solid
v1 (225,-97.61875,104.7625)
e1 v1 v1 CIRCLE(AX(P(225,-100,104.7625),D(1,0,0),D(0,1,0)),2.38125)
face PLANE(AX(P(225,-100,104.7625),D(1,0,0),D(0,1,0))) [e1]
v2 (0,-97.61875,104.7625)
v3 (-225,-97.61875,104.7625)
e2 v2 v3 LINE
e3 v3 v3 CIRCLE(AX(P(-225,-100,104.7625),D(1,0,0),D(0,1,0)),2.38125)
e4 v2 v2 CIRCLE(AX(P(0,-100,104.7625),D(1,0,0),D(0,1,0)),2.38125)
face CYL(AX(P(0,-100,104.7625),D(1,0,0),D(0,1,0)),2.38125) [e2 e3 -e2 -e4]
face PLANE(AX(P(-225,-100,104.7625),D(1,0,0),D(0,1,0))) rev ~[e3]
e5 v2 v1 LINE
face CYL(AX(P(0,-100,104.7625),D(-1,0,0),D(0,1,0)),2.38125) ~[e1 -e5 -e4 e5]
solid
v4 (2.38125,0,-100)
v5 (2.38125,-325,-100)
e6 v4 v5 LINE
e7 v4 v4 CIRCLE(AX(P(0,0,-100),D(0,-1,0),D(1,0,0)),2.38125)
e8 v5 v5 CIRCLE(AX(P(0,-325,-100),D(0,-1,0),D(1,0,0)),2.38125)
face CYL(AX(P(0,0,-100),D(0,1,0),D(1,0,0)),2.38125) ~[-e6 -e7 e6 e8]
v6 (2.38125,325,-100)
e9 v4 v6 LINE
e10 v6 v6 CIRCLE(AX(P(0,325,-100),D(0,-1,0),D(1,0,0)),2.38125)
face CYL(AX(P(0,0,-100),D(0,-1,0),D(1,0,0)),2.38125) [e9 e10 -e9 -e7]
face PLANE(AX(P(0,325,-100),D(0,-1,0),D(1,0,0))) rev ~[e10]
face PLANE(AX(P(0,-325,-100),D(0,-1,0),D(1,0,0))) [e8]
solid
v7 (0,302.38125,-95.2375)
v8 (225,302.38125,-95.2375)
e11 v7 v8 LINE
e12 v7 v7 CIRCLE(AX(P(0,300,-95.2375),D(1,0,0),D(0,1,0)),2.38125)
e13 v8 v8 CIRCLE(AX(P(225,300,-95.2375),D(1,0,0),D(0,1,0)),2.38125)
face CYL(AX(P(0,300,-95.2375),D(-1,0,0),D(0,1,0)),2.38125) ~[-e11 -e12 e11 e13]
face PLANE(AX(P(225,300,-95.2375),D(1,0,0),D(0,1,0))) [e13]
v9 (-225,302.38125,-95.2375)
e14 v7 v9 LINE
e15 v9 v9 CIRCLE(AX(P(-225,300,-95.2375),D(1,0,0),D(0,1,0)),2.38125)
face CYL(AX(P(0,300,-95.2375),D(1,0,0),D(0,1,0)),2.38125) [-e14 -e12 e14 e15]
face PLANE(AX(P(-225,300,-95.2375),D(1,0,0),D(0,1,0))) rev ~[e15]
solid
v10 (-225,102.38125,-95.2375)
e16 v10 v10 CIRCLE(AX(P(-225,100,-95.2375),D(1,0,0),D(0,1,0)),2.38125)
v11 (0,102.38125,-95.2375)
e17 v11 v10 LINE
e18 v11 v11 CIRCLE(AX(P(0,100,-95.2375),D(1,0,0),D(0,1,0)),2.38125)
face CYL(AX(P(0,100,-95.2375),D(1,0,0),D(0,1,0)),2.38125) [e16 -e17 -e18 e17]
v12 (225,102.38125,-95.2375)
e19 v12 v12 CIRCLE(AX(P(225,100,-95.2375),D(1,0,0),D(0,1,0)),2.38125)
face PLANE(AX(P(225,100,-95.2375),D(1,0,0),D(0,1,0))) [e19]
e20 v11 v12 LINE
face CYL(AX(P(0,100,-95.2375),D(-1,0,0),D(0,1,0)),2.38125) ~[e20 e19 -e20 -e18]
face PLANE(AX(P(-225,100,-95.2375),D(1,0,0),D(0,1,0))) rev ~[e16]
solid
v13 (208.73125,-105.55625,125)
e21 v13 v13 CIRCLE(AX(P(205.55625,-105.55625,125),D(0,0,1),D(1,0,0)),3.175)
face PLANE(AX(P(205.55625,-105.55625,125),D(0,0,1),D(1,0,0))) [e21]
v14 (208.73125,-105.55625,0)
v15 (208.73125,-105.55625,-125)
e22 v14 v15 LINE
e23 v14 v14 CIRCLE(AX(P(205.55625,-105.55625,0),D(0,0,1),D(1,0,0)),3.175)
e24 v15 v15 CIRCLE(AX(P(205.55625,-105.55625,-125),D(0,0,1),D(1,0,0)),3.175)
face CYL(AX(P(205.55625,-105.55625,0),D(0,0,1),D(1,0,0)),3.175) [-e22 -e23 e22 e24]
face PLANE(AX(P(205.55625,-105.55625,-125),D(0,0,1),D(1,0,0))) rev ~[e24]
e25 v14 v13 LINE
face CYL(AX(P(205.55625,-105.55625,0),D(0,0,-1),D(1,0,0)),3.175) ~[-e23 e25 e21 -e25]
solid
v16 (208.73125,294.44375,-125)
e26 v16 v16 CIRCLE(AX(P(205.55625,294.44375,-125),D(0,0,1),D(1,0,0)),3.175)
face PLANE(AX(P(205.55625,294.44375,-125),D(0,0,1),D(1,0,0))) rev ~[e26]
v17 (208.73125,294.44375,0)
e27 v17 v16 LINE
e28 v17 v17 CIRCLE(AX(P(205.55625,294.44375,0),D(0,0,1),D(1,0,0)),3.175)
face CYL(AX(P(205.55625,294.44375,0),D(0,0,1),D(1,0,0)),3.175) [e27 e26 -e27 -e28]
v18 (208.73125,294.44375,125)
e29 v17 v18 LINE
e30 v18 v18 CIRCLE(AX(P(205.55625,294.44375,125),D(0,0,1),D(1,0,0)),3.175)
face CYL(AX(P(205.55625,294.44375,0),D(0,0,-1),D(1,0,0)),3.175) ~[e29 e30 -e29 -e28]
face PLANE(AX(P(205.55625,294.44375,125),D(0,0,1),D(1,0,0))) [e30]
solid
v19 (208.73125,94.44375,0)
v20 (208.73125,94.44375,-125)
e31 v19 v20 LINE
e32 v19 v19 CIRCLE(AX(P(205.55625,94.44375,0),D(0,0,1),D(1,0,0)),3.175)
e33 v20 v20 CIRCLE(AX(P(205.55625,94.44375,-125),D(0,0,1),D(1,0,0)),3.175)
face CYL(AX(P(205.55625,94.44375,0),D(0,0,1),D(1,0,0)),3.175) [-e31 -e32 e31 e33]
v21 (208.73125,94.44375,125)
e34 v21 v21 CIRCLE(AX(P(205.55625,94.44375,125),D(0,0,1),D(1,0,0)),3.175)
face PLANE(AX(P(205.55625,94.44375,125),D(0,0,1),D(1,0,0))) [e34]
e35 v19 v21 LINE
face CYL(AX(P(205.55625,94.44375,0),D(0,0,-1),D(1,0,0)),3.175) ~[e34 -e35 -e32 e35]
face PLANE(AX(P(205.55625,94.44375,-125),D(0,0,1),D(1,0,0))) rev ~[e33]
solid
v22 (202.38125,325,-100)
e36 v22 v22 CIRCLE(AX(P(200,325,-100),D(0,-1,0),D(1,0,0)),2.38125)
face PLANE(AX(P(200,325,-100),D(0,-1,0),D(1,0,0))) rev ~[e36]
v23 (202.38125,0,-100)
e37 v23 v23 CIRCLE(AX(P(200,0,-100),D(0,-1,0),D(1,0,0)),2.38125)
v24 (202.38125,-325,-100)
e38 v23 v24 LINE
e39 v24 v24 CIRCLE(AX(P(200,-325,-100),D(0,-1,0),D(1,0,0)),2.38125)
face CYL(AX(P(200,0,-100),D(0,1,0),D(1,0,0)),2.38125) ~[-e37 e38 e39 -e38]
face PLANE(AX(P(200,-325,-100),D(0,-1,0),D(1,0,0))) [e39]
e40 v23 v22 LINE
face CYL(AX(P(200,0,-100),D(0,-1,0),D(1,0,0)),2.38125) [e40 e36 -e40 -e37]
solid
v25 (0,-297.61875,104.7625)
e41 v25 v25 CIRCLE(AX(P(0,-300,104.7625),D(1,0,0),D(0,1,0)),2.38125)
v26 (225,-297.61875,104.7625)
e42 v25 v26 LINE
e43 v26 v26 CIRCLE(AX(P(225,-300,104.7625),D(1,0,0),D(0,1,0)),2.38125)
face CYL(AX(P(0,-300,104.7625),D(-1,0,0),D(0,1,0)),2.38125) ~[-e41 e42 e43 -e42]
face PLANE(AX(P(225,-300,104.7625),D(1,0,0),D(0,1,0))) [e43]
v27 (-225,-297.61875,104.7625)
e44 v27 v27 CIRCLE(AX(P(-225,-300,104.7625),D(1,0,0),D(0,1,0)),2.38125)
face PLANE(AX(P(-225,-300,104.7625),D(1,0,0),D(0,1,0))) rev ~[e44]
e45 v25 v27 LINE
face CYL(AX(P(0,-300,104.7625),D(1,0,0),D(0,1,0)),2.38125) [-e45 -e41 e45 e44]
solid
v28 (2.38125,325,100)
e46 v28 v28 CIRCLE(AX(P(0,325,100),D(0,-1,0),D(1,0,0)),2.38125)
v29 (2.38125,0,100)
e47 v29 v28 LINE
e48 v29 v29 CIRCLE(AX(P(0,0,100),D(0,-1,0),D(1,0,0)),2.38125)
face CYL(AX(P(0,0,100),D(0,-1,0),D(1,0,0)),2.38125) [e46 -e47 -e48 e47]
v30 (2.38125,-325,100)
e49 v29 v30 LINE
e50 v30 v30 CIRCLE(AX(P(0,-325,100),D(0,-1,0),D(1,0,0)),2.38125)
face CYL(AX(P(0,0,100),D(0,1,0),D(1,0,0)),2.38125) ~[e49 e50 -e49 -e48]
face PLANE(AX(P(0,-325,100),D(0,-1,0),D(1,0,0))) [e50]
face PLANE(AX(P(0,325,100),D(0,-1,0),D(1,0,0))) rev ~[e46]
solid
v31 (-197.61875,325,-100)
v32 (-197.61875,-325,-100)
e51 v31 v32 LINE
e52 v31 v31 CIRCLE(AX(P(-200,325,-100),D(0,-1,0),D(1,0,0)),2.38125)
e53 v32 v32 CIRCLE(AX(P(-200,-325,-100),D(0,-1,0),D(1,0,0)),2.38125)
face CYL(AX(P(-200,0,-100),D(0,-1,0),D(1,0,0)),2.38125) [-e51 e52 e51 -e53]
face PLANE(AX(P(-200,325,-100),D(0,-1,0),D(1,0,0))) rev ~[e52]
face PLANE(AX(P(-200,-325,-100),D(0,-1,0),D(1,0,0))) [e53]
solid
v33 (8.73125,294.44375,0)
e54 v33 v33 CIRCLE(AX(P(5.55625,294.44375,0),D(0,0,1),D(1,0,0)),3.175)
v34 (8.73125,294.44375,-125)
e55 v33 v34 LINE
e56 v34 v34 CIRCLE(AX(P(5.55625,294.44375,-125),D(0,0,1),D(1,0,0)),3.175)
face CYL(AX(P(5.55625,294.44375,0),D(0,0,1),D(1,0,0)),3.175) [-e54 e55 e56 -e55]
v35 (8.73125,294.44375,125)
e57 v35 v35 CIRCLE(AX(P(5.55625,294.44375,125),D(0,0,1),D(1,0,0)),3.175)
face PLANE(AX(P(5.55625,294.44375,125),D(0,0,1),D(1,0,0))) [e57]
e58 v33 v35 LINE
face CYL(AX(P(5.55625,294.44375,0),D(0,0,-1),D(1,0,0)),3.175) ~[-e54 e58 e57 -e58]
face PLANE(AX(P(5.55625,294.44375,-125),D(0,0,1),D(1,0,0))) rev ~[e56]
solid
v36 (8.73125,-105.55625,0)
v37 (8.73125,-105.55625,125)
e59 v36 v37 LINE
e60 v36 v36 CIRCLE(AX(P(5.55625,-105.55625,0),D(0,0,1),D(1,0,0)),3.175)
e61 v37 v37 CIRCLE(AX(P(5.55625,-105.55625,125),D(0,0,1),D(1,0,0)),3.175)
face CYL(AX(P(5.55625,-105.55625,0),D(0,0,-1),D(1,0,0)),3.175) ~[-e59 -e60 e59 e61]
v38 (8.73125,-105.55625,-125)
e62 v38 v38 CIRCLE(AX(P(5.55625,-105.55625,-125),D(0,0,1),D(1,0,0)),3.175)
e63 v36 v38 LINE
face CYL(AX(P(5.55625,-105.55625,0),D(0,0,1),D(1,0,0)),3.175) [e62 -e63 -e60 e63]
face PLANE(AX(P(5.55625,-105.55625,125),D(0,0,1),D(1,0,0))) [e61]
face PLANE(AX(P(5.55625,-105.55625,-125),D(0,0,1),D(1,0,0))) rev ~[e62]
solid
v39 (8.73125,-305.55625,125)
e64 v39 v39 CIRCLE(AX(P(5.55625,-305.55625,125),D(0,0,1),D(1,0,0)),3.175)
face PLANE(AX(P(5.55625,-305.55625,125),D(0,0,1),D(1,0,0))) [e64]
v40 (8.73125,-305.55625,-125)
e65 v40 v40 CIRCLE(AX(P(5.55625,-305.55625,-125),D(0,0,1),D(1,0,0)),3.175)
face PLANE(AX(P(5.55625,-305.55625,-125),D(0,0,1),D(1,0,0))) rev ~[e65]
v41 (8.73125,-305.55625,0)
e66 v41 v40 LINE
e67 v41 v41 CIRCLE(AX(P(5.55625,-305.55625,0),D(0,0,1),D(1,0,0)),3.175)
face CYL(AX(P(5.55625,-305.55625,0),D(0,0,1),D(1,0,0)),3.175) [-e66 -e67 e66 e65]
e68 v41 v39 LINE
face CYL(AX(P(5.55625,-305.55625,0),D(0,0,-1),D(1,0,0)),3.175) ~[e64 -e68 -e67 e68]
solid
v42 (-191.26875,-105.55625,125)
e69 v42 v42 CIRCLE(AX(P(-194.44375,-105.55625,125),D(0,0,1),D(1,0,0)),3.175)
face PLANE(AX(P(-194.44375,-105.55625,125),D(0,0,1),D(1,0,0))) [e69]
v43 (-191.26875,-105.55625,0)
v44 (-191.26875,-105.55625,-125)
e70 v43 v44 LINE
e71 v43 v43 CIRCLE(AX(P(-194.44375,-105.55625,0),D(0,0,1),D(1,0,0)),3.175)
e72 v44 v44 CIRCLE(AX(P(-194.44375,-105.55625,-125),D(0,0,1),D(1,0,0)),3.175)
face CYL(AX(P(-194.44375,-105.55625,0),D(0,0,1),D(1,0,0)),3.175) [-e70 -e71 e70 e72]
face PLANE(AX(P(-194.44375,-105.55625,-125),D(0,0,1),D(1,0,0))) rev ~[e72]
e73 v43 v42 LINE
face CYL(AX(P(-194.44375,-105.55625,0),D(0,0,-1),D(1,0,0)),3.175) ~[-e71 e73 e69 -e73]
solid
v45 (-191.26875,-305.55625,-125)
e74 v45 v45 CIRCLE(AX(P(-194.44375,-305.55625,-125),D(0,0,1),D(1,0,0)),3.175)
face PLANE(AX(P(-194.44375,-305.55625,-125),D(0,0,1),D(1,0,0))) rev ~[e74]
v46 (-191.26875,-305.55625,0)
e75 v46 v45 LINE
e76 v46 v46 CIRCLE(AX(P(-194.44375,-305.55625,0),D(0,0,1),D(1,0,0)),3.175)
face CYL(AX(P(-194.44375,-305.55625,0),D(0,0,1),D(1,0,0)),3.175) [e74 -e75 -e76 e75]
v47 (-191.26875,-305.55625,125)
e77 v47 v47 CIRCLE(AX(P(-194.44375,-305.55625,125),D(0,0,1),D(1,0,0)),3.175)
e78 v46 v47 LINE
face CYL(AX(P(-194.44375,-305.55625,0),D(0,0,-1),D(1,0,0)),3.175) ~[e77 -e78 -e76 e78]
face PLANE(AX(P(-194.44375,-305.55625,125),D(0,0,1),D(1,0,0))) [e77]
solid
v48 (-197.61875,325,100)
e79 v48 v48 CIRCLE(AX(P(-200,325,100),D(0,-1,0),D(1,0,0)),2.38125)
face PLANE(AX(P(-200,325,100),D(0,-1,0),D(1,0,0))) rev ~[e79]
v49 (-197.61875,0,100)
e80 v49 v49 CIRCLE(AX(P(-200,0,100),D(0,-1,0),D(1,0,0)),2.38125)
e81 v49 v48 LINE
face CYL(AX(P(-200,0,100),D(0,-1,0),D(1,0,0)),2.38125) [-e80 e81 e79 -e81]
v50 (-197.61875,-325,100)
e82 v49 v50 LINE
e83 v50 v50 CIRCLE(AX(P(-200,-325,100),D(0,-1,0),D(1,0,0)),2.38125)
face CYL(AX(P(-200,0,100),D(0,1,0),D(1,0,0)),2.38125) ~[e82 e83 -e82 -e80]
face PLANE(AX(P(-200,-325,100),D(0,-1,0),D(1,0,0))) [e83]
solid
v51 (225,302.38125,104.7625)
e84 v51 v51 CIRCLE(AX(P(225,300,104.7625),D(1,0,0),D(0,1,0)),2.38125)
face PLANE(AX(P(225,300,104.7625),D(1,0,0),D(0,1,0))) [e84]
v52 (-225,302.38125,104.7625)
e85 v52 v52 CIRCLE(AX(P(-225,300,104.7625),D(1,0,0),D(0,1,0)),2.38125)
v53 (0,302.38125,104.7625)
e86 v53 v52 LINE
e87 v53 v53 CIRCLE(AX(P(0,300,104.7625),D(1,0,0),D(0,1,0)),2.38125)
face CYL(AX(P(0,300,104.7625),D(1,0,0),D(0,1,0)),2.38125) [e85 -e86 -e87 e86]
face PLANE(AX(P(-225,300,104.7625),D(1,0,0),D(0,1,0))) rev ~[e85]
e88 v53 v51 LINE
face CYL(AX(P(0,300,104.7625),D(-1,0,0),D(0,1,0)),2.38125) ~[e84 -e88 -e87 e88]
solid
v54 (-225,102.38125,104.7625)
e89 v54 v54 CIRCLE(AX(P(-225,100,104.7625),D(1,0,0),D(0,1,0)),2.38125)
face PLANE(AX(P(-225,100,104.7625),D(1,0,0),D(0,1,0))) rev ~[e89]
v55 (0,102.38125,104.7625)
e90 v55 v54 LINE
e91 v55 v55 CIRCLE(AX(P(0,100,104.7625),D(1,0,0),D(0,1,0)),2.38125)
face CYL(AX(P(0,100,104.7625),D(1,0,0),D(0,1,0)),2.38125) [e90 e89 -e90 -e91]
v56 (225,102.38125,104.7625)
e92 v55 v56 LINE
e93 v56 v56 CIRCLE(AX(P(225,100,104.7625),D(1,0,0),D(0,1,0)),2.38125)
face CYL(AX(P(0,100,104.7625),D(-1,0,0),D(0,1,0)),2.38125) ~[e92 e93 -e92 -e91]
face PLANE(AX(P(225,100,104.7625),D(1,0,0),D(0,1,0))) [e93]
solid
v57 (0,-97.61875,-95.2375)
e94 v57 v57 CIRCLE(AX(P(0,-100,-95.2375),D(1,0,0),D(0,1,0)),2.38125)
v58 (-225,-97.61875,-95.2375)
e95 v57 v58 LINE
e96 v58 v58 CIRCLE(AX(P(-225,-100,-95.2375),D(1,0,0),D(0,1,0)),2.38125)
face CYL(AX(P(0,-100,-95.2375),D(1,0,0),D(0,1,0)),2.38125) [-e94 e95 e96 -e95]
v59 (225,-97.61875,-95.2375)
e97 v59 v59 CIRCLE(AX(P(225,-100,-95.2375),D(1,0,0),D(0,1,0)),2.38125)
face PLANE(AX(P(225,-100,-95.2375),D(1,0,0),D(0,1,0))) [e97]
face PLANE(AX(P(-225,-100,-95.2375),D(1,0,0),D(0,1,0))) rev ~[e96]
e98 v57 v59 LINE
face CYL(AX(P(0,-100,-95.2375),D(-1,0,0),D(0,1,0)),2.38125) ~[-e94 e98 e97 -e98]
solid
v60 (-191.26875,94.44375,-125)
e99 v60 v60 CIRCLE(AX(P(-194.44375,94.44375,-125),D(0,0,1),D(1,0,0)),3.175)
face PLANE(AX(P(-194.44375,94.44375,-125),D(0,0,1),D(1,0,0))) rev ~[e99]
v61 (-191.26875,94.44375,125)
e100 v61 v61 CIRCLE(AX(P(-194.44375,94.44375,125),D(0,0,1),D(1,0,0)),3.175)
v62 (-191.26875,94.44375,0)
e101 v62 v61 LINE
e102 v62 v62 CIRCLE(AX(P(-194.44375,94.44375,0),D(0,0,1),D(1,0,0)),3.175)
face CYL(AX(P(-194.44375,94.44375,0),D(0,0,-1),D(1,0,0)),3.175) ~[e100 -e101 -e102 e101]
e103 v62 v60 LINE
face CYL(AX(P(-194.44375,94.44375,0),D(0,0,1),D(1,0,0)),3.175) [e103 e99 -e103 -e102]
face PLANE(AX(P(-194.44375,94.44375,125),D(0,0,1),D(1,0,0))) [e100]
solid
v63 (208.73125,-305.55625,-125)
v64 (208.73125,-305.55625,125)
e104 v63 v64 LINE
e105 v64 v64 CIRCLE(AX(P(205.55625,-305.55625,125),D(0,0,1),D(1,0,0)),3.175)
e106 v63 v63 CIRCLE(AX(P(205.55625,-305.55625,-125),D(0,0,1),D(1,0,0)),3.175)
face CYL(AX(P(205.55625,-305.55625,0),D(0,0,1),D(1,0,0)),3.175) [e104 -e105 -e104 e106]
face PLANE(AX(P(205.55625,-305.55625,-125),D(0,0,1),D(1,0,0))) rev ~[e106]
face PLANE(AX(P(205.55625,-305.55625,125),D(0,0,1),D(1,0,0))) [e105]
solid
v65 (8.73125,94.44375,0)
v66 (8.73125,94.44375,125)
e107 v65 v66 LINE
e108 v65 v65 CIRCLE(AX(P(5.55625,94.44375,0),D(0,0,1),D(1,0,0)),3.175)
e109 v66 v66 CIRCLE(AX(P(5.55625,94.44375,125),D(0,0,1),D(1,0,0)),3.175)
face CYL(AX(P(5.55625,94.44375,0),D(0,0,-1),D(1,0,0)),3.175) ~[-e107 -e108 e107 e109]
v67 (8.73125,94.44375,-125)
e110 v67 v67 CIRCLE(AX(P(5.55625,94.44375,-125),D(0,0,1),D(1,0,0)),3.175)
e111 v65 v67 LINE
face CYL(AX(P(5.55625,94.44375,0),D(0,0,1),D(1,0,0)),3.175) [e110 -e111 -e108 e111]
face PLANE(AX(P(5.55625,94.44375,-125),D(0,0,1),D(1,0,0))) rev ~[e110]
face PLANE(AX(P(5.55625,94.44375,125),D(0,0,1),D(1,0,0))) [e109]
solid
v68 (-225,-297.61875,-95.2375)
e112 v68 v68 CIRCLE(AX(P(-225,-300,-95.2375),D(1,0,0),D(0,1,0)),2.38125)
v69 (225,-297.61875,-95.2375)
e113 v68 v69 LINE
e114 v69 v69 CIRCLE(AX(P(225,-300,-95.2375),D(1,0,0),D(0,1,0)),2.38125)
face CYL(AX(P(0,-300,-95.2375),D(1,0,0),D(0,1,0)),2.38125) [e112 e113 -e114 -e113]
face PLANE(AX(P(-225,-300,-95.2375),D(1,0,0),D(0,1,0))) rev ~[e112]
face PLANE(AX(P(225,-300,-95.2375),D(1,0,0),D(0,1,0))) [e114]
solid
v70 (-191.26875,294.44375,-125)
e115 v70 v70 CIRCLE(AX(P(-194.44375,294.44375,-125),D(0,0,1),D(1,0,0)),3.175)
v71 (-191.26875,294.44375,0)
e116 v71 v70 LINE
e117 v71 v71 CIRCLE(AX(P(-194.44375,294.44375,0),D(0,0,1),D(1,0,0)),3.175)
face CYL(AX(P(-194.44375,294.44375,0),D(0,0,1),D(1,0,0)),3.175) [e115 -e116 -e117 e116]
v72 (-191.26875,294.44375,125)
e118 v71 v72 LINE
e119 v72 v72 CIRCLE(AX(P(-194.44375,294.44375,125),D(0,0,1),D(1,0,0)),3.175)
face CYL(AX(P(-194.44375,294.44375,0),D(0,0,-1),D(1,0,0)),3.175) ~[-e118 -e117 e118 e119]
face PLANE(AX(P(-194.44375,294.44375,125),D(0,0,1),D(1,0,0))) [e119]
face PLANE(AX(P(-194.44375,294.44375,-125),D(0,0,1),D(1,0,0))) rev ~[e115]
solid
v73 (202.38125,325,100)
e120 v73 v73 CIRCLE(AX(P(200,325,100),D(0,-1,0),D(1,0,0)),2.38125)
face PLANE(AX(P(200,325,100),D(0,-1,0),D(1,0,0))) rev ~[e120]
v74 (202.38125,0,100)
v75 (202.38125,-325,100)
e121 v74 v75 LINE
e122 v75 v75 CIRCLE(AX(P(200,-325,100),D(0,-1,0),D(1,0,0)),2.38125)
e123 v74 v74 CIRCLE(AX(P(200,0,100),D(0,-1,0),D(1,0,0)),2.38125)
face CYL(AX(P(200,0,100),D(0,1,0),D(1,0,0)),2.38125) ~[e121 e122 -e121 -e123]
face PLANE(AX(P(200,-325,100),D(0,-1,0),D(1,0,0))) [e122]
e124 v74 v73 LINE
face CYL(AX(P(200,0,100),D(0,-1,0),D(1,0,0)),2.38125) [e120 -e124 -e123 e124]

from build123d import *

# Parameters (mm, degrees)
F0_R     = 2.38125
F1_DEPTH = 325
F2_R     = 2.38125
F3_DEPTH = 225
F4_R     = 3.175
F5_DEPTH = 125


with BuildPart() as f1:
    # F0 (on Front) → F1 (new body, symmetric)
    with BuildSketch(Plane.XZ):
        with Locations((-200, 100)):
            Circle(F0_R)
        with Locations((0, 100)):
            Circle(F0_R)
        with Locations((200, 100)):
            Circle(F0_R)
        with Locations((200, -100)):
            Circle(F0_R)
        with Locations((0, -100)):
            Circle(F0_R)
        with Locations((-200, -100)):
            Circle(F0_R)
    extrude(amount=F1_DEPTH, both=True)


with BuildPart() as f3:
    # F2 (on Right) → F3 (new body, symmetric)
    with BuildSketch(Plane.YZ):
        with Locations((-300, 104.7625)):
            Circle(F2_R)
        with Locations((-100, 104.7625)):
            Circle(F2_R)
        with Locations((100, 104.7625)):
            Circle(F2_R)
        with Locations((300, 104.7625)):
            Circle(F2_R)
        with Locations((300, -95.2375)):
            Circle(F2_R)
        with Locations((100, -95.2375)):
            Circle(F2_R)
        with Locations((-100, -95.2375)):
            Circle(F2_R)
        with Locations((-300, -95.2375)):
            Circle(F2_R)
    extrude(amount=F3_DEPTH, both=True)


with BuildPart() as f5:
    # F4 (on Top) → F5 (new body, symmetric)
    with BuildSketch(Plane.XY):
        with Locations((-194.44375, 294.44375)):
            Circle(F4_R)
        with Locations((5.55625, 294.44375)):
            Circle(F4_R)
        with Locations((-194.44375, 94.44375)):
            Circle(F4_R)
        with Locations((5.55625, 94.44375)):
            Circle(F4_R)
        with Locations((-194.44375, -105.55625)):
            Circle(F4_R)
        with Locations((5.55625, -105.55625)):
            Circle(F4_R)
        with Locations((205.55625, 294.44375)):
            Circle(F4_R)
        with Locations((205.55625, 94.44375)):
            Circle(F4_R)
        with Locations((205.55625, -105.55625)):
            Circle(F4_R)
        with Locations((-194.44375, -305.55625)):
            Circle(F4_R)
        with Locations((5.55625, -305.55625)):
            Circle(F4_R)
        with Locations((205.55625, -305.55625)):
            Circle(F4_R)
    extrude(amount=F5_DEPTH, both=True)


solid = Compound([f1.part, f3.part, f5.part])
